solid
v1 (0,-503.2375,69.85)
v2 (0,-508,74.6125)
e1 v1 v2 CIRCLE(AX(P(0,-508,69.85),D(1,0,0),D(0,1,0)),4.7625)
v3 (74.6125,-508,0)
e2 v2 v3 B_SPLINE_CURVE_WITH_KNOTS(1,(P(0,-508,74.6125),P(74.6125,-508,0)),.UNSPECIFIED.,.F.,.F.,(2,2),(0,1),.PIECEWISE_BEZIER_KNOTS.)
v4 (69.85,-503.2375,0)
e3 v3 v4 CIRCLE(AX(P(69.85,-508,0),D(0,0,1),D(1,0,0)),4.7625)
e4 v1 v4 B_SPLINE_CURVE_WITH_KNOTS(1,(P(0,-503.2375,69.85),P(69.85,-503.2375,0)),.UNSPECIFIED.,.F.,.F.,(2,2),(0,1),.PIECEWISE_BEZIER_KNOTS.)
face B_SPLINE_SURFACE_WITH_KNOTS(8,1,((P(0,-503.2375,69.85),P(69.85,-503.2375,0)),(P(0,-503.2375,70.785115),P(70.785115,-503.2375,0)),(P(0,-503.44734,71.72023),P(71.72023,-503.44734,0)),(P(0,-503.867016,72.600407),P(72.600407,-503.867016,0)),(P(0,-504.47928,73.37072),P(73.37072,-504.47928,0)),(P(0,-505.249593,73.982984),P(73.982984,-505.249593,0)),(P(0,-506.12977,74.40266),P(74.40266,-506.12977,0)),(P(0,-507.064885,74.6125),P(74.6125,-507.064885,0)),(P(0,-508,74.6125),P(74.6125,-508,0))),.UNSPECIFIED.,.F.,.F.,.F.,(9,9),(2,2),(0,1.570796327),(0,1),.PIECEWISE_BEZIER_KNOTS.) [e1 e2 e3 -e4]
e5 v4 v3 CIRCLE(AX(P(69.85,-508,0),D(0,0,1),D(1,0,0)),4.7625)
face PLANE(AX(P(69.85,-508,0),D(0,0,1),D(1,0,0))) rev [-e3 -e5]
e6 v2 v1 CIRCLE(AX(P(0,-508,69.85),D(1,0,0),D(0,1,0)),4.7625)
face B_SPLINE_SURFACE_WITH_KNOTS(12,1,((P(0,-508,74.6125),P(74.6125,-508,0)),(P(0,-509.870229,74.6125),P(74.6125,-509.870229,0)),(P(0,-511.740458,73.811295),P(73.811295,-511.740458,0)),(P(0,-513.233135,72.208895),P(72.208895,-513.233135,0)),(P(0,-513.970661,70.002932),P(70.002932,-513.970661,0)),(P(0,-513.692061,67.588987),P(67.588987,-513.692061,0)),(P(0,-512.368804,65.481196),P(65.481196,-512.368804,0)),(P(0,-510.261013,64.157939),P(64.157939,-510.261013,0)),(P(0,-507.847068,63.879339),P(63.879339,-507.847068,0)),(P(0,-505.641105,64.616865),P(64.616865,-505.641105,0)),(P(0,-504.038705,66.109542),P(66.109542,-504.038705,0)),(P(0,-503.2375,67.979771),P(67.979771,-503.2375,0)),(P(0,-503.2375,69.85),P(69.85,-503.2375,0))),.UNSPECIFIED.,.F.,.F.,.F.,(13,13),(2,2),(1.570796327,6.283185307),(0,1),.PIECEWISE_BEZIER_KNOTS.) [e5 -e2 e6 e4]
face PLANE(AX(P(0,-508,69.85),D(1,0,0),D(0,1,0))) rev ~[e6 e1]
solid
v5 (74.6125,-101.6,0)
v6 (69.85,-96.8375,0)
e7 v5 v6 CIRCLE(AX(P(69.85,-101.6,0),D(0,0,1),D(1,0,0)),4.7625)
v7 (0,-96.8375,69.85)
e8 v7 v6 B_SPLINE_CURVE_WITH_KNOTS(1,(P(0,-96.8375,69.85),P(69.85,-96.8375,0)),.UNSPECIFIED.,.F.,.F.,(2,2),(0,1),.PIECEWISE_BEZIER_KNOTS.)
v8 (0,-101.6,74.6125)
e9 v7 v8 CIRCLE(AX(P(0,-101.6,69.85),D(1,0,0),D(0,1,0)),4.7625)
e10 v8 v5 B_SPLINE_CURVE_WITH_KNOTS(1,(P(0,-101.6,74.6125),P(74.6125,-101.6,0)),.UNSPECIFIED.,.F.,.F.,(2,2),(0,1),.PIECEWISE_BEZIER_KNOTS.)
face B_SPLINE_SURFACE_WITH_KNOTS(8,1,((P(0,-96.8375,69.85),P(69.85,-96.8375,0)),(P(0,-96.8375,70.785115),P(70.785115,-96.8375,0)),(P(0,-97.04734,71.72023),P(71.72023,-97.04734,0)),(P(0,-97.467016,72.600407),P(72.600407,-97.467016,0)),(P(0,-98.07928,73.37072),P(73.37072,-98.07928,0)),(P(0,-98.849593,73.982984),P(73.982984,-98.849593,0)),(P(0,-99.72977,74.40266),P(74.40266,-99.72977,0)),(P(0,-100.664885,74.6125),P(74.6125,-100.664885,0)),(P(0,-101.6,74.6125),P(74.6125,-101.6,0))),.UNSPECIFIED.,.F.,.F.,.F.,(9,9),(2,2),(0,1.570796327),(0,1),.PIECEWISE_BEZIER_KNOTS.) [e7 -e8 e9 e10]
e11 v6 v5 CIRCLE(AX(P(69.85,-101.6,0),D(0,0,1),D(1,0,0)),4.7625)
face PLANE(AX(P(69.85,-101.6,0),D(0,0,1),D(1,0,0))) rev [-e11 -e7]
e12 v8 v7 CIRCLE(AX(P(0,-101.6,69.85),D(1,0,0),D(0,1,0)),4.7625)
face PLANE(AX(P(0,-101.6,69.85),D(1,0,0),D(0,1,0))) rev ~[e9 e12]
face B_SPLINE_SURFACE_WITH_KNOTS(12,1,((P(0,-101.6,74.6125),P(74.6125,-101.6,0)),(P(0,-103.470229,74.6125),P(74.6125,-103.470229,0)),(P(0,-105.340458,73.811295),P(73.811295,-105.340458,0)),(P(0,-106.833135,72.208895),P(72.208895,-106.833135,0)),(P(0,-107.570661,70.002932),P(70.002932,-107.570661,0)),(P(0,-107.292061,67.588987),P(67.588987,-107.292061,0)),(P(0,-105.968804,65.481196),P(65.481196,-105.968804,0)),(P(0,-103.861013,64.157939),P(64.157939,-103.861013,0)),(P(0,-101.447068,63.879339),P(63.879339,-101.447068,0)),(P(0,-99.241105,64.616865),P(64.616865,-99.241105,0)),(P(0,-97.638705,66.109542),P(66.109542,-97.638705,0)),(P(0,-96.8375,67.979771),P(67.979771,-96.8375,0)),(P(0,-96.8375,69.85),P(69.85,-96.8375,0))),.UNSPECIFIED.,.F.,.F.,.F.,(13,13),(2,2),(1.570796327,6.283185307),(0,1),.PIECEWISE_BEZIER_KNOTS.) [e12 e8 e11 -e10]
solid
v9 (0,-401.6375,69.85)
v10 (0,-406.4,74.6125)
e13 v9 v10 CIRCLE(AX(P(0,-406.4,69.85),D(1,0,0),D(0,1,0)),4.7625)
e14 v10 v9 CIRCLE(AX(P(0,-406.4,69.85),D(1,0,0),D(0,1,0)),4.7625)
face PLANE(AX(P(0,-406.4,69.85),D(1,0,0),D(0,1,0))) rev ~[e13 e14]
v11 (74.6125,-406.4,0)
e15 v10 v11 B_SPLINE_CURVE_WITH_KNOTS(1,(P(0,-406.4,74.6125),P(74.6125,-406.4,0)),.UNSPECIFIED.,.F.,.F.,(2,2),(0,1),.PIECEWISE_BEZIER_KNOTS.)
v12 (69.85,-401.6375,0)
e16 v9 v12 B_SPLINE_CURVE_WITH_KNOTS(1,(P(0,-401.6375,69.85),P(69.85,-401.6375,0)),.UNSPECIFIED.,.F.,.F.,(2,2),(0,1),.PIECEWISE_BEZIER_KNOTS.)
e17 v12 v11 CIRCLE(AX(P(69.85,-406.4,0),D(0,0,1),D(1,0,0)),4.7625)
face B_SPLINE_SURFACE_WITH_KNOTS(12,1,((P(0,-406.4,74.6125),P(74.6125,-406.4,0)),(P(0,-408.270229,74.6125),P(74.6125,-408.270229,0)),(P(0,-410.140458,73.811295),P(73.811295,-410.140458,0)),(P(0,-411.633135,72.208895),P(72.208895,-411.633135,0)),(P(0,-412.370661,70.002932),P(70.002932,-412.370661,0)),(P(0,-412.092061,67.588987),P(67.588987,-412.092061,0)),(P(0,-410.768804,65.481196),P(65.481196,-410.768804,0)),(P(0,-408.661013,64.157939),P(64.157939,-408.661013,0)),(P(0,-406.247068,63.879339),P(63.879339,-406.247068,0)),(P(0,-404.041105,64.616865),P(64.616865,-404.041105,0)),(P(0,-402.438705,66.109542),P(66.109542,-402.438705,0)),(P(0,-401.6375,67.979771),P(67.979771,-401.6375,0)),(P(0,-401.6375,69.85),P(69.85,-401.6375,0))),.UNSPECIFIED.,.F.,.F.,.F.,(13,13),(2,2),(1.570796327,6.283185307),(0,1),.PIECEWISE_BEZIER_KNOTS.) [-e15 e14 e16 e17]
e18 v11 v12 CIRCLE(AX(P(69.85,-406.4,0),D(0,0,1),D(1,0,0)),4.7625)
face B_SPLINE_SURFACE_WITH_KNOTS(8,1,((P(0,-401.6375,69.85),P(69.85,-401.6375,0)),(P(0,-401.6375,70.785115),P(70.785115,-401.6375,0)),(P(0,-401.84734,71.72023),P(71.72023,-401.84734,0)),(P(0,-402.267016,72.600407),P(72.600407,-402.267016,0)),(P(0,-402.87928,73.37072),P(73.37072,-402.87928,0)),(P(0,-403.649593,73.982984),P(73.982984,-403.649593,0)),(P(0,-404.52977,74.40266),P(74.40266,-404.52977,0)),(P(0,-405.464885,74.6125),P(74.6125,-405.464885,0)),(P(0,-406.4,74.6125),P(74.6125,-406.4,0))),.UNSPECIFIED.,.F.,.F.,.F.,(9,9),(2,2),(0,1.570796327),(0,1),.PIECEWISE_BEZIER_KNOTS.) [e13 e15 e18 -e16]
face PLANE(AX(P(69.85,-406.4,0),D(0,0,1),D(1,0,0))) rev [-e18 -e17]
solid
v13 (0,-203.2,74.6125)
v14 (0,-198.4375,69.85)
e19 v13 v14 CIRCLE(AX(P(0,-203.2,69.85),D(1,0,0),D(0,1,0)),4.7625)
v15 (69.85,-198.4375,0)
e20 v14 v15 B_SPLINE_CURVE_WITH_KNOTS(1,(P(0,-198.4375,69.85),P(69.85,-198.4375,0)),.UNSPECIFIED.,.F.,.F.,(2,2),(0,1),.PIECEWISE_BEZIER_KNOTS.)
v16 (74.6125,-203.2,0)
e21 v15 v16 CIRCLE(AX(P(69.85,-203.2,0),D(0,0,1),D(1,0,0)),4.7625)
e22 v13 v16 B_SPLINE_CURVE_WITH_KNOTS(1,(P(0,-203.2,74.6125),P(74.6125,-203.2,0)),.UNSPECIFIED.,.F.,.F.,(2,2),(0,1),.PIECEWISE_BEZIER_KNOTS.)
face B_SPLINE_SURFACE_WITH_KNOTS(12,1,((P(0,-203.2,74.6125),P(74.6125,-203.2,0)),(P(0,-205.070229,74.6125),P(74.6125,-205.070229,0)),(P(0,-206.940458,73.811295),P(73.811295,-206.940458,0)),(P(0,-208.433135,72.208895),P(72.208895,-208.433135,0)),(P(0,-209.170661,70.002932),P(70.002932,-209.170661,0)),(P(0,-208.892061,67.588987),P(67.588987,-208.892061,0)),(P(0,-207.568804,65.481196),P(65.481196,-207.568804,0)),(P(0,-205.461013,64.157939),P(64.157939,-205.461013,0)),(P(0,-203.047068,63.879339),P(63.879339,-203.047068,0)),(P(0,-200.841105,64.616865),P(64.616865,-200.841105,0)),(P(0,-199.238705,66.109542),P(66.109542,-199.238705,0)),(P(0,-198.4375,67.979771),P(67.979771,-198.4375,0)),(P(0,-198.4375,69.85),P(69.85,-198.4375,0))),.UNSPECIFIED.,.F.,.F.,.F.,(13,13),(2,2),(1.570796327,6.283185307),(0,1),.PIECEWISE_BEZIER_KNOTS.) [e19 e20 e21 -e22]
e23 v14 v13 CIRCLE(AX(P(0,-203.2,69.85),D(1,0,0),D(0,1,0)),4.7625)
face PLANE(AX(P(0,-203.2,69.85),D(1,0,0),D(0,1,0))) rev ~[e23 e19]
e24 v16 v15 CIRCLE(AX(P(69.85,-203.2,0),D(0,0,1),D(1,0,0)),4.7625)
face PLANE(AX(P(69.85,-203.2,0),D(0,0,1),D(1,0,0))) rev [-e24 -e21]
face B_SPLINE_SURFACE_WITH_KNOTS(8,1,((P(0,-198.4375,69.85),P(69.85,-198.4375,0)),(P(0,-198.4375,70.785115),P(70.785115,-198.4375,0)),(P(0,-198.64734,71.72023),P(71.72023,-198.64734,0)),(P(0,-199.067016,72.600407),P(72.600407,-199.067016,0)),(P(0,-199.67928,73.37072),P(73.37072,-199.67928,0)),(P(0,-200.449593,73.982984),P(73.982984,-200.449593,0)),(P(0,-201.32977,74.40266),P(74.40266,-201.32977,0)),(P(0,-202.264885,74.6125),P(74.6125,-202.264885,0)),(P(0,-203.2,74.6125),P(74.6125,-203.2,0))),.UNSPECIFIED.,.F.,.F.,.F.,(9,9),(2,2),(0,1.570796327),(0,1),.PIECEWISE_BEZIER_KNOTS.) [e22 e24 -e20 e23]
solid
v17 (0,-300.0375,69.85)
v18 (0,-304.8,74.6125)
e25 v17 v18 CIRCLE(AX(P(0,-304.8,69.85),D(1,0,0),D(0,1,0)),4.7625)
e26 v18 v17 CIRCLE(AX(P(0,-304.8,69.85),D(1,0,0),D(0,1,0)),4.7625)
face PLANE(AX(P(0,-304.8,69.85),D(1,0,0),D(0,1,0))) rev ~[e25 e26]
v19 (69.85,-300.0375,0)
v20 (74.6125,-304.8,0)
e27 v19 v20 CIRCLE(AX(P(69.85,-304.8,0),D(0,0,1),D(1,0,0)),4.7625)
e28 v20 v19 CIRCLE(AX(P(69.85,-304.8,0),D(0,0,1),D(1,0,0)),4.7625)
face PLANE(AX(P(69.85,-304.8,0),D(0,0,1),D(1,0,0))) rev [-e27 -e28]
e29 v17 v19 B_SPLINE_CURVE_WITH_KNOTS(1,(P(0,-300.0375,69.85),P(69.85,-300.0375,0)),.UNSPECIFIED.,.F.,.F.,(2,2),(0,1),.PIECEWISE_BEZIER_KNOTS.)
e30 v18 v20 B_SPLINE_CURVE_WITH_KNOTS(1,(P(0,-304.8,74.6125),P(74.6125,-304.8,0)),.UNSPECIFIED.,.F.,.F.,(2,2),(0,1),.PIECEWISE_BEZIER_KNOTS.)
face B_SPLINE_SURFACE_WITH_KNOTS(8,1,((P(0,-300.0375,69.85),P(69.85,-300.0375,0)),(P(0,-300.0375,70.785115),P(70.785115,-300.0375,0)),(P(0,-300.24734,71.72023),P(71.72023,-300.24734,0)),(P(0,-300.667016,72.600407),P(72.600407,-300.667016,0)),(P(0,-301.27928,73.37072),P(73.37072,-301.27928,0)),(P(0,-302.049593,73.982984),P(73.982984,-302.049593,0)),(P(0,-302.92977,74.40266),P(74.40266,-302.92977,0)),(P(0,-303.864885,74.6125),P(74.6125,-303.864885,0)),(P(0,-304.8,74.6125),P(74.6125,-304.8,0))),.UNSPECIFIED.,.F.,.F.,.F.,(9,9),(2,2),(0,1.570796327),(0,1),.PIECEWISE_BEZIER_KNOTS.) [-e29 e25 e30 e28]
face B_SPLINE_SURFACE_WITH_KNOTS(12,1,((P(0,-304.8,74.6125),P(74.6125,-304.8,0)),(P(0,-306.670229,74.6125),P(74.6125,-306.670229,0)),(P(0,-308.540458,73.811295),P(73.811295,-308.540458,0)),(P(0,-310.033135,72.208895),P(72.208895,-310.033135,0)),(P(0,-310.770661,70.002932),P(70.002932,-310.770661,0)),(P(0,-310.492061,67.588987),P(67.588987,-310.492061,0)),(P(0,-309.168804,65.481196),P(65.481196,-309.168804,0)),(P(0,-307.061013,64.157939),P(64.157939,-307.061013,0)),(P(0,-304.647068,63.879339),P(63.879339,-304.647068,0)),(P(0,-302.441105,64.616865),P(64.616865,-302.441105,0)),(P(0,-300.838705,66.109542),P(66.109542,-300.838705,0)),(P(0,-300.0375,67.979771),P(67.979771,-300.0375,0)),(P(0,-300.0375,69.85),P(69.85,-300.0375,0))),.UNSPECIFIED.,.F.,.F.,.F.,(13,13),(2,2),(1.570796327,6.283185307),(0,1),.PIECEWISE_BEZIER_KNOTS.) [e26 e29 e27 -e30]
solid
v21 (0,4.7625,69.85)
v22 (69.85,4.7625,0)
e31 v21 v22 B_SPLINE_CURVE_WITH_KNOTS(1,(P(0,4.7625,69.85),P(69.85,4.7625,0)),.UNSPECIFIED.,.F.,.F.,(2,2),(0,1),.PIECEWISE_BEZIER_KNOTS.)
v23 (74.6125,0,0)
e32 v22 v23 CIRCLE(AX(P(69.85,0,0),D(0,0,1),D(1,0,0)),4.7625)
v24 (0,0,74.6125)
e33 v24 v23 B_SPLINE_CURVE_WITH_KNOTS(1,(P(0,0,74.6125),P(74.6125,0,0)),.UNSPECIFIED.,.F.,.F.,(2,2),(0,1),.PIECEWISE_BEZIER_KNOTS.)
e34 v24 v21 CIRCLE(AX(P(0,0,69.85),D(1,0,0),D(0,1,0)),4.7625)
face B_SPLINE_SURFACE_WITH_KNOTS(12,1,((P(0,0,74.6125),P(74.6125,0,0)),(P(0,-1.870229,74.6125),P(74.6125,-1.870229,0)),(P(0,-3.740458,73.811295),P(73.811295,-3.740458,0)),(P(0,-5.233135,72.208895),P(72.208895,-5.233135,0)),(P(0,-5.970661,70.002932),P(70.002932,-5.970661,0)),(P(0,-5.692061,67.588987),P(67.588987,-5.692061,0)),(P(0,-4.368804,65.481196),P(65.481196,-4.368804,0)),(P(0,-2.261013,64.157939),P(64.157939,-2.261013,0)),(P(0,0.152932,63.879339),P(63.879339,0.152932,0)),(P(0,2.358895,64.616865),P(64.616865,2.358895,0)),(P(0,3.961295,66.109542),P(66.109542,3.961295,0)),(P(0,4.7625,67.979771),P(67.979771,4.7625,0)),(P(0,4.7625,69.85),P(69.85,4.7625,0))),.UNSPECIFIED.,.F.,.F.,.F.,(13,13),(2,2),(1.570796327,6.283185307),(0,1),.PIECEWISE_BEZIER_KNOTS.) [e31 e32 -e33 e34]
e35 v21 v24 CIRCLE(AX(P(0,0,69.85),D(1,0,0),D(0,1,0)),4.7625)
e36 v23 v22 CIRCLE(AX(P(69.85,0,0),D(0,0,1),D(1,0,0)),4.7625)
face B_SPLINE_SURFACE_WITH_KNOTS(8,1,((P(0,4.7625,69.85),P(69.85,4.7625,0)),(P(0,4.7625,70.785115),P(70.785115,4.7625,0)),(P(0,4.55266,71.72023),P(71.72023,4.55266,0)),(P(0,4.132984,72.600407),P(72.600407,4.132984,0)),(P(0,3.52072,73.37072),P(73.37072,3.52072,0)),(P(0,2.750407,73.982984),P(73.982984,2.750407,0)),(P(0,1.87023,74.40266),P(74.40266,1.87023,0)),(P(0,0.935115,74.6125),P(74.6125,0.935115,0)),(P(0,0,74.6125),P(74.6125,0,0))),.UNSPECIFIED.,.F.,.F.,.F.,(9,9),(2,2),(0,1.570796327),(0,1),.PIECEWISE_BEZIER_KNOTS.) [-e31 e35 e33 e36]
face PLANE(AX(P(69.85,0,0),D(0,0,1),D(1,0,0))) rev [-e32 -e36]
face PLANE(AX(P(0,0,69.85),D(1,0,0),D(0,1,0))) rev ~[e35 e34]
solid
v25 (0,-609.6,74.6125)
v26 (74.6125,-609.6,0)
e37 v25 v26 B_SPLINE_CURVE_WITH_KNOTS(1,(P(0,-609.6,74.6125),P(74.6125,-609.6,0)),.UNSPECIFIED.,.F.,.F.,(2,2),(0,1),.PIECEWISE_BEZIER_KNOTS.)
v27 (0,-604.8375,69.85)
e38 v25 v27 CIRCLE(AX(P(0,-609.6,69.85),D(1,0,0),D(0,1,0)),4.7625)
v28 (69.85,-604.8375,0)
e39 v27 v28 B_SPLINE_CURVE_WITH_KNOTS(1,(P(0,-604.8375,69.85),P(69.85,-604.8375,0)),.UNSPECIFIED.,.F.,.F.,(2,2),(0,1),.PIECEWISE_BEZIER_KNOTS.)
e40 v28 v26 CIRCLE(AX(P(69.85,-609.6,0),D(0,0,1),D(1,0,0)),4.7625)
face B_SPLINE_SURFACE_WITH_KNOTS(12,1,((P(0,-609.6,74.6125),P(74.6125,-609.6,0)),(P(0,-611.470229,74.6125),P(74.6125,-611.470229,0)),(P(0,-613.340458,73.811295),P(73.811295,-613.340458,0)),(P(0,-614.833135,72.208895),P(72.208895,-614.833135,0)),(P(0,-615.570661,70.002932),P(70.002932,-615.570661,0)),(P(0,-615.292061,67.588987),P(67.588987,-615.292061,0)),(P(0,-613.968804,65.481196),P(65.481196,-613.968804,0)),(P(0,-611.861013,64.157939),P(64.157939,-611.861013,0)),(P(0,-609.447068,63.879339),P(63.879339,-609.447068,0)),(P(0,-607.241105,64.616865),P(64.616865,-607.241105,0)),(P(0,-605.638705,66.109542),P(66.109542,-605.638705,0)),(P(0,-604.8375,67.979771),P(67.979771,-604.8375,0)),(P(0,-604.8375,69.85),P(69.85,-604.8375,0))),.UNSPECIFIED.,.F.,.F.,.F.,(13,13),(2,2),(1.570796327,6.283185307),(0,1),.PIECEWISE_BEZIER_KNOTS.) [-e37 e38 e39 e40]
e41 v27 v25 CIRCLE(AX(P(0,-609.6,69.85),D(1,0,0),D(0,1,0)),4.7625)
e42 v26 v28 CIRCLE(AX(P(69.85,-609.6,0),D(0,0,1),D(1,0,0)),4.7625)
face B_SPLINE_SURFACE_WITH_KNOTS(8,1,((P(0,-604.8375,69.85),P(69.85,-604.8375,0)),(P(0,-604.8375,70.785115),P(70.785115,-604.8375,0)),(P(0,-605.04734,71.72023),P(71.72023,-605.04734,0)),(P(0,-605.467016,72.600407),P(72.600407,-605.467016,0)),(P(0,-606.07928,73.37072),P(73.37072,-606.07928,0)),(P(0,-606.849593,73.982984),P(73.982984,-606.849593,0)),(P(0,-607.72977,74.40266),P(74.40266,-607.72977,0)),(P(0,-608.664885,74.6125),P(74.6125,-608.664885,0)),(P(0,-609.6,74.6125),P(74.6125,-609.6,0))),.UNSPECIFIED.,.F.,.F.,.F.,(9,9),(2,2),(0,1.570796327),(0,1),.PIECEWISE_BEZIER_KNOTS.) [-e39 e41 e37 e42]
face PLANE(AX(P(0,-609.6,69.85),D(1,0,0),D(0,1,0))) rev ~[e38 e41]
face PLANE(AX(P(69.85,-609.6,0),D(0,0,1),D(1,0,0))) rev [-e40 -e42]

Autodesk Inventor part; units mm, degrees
ref_plane "XZ Plane" through (0, 0, 0) normal (0, 1, 0) x (-1, 0, 0)
sketch "Sketch1" plane through (0, 0, 0) normal (0, 0, 1) x (1, 0, 0)
  circle A0 centre (69.85, 0) radius 4.7625
  point P0 (0, 0)
  dimension "d2" = 9.525
  dimension "d3" = 69.85
sketch "Sketch2" plane through (0, 0, 0) normal (1, 0, 0) x (0, 1, 0)
  circle A0 centre (0, 69.85) radius 4.7625
  point P0 (0, 0)
  dimension "d4" = 9.525
  dimension "d5" = 69.85
loft "Loft1" add profiles "Sketch2", "Sketch1"
pattern_linear "Rectangular Pattern1" count 7 spacing 101.6 along (0, -1, 0) of "Loft1"
properties part number "corner cable" material "Steel, Wrought"
